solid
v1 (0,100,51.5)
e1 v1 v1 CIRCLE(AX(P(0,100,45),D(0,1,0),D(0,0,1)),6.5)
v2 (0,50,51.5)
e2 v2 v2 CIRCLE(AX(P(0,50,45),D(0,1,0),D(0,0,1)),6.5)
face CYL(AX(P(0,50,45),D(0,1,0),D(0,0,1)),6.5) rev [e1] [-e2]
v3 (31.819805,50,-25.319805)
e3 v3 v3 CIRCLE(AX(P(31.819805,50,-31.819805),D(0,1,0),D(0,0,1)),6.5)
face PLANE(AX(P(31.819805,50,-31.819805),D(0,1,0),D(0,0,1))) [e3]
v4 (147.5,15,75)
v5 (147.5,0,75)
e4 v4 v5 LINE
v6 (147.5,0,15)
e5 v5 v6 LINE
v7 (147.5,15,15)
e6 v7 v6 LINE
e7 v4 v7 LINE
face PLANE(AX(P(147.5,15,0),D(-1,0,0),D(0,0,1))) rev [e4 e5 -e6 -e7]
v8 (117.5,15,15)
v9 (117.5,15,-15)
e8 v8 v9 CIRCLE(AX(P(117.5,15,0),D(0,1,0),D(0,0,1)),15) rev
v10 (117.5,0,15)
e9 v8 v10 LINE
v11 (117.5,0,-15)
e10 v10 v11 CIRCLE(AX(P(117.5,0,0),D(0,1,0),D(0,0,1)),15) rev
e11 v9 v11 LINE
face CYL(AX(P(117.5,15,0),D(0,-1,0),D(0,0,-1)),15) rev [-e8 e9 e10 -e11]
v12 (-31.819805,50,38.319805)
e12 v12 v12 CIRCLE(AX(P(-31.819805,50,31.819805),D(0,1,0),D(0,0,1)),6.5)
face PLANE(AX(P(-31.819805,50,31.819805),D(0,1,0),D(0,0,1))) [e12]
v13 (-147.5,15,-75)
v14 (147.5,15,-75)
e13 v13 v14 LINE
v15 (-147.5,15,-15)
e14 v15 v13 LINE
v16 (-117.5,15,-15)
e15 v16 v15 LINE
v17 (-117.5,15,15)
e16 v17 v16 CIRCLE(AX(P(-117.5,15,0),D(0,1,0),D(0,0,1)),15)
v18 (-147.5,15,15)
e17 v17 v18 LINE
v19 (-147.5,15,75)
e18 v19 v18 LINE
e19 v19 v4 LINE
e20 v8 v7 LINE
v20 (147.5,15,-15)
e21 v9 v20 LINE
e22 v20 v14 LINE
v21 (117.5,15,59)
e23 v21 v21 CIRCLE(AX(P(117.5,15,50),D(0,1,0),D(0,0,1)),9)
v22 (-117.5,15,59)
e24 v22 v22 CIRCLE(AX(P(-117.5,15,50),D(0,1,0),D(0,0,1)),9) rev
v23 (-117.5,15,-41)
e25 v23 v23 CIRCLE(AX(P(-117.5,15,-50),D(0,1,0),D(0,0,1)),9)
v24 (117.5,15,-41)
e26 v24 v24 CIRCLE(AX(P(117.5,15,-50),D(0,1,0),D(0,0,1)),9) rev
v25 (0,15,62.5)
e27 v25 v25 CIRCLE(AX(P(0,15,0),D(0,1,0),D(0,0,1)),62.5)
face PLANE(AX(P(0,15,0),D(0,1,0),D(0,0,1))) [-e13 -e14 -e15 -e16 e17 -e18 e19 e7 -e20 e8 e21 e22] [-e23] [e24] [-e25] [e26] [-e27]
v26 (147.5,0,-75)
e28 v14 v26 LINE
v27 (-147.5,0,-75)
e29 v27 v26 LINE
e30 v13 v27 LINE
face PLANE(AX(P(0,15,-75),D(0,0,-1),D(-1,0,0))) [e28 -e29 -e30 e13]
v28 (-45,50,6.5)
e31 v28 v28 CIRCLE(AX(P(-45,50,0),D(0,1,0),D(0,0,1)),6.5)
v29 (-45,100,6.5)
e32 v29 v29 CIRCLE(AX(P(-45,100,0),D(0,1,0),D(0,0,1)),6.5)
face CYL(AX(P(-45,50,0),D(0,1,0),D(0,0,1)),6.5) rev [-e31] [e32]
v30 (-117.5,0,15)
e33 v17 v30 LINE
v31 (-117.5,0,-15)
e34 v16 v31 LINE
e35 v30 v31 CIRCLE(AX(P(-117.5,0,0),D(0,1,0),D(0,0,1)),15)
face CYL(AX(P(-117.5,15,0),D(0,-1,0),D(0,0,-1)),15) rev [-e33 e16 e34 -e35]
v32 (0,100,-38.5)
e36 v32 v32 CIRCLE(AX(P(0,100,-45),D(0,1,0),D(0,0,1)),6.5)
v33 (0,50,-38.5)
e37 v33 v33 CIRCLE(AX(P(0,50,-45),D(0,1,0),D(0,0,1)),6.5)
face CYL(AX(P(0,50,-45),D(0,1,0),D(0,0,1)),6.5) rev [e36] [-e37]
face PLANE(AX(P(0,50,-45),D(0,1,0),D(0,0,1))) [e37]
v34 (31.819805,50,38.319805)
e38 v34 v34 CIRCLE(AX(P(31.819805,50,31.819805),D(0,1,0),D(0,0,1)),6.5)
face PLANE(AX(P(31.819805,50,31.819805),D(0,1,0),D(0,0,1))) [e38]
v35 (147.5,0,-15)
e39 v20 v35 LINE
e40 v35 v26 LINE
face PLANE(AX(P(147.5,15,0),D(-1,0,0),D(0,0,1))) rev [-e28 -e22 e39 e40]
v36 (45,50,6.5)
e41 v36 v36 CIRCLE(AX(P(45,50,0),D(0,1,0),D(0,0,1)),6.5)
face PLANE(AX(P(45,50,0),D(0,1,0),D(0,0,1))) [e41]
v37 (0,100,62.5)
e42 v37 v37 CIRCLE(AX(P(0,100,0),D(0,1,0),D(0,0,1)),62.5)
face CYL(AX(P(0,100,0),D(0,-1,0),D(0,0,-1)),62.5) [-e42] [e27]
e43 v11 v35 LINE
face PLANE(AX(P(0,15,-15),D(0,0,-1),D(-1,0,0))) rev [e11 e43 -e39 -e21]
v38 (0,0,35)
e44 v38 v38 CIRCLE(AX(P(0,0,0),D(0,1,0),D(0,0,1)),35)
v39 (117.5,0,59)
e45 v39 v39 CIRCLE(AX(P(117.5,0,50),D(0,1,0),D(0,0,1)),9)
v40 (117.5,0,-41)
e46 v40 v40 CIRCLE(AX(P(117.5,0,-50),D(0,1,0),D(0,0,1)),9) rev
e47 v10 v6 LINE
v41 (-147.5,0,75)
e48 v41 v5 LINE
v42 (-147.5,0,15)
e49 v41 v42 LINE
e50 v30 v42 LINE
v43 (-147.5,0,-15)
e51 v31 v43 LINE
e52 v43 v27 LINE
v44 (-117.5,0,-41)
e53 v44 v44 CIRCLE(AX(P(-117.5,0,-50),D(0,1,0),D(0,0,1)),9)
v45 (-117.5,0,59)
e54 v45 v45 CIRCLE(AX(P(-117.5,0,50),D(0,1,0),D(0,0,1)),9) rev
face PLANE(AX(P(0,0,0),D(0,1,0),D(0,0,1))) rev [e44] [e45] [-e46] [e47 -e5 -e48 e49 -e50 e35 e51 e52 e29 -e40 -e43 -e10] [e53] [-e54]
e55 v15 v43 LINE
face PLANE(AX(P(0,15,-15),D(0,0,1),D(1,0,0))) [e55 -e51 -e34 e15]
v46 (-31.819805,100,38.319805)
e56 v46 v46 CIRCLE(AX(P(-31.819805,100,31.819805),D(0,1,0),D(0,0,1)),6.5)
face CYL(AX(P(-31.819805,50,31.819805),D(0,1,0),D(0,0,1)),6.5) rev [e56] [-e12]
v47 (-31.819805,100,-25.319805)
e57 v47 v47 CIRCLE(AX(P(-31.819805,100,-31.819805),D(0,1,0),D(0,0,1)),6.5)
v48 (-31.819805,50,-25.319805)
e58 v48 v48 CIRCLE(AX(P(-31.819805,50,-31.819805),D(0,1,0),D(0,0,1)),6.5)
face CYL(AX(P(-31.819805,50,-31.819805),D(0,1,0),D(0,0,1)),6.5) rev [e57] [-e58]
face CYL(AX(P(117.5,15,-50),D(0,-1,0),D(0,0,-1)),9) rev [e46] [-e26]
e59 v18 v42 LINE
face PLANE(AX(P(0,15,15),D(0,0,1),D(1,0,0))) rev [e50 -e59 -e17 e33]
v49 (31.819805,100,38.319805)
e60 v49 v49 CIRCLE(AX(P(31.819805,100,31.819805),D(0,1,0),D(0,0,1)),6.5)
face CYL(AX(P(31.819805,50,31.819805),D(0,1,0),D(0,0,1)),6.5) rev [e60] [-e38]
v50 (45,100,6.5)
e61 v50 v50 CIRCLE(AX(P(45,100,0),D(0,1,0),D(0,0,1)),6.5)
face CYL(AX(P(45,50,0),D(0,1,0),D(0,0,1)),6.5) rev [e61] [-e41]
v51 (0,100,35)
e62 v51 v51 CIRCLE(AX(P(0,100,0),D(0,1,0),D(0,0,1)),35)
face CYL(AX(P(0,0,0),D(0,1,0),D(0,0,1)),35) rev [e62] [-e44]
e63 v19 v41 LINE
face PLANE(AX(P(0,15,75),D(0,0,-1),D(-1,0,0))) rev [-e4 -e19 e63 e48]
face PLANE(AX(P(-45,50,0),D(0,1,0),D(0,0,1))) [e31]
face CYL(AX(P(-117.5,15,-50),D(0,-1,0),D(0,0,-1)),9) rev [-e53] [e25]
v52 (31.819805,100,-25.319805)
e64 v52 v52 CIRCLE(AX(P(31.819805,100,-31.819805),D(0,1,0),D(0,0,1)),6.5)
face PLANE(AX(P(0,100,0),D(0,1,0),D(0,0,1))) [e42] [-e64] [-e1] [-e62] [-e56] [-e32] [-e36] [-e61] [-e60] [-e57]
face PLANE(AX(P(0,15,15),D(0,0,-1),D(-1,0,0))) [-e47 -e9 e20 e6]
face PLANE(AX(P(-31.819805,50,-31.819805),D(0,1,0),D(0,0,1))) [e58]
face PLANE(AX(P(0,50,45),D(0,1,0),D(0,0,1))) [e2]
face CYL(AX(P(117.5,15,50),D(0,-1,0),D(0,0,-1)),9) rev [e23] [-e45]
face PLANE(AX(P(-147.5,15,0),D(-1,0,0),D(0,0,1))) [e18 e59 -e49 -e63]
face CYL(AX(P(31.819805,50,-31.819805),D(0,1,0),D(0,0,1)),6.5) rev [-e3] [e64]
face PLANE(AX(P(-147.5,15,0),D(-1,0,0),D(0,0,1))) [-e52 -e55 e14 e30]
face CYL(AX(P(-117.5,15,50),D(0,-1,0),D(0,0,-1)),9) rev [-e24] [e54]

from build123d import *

# Parameters (mm, degrees)
SKETCH1_R           = 9
BOSS_EXTRUDE1_DEPTH = 15
SKETCH2_R           = 62.5
BOSS_EXTRUDE2_DEPTH = 85
SKETCH3_R           = 35
CUT_EXTRUDE1_DEPTH  = 101
SKETCH4_R           = 6.5
CUT_EXTRUDE2_DEPTH  = 50


with BuildPart() as part:
    # Sketch1 → Boss-Extrude1 (new body)
    with BuildSketch(Plane(origin=(0, 0, 0), x_dir=(1, 0, 0), z_dir=(0, 1, 0))):
        with BuildLine():
            Line((-147.5, -15), (-147.5, -75))
            Line((-147.5, -75), (147.5, -75))
            Line((147.5, -75), (147.5, -15))
            Line((147.5, -15), (117.5, -15))
            ThreePointArc((117.5, -15), (102.5, 0), (117.5, 15))
            Line((117.5, 15), (147.5, 15))
            Line((147.5, 15), (147.5, 75))
            Line((147.5, 75), (-147.5, 75))
            Line((-147.5, 75), (-147.5, 15))
            Line((-147.5, 15), (-117.5, 15))
            ThreePointArc((-117.5, 15), (-102.5, 0), (-117.5, -15))
            Line((-117.5, -15), (-147.5, -15))
        make_face()
        with Locations((-117.5, -50)):
            Circle(SKETCH1_R, mode=Mode.SUBTRACT)
        with Locations((117.5, -50)):
            Circle(SKETCH1_R, mode=Mode.SUBTRACT)
        with Locations((-117.5, 50)):
            Circle(SKETCH1_R, mode=Mode.SUBTRACT)
        with Locations((117.5, 50)):
            Circle(SKETCH1_R, mode=Mode.SUBTRACT)
    extrude(amount=BOSS_EXTRUDE1_DEPTH)

    # Sketch2 → Boss-Extrude2 (add)
    with BuildSketch(Plane(origin=(0, 15, 0), x_dir=(1, 0, 0), z_dir=(0, 1, 0))):
        Circle(SKETCH2_R)
    extrude(amount=BOSS_EXTRUDE2_DEPTH)

    # Sketch3 → Cut-Extrude1 (cut, through all)
    with BuildSketch(Plane(origin=(0, 100, 0), x_dir=(1, 0, 0), z_dir=(0, 1, 0))):
        Circle(SKETCH3_R)
    extrude(amount=-CUT_EXTRUDE1_DEPTH, mode=Mode.SUBTRACT)

    # Sketch4 → Cut-Extrude2 (cut)
    with BuildSketch(Plane(origin=(0, 100, 0), x_dir=(1, 0, 0), z_dir=(0, 1, 0))):
        with Locations((-45, 0)):
            Circle(SKETCH4_R)
        with Locations((-31.819805153, 31.819805153)):
            Circle(SKETCH4_R)
        with Locations((0, 45)):
            Circle(SKETCH4_R)
        with Locations((31.819805153, 31.819805153)):
            Circle(SKETCH4_R)
        with Locations((45, 0)):
            Circle(SKETCH4_R)
        with Locations((31.819805153, -31.819805153)):
            Circle(SKETCH4_R)
        with Locations((0, -45)):
            Circle(SKETCH4_R)
        with Locations((-31.819805153, -31.819805153)):
            Circle(SKETCH4_R)
    extrude(amount=-CUT_EXTRUDE2_DEPTH, mode=Mode.SUBTRACT)


solid = part.part
